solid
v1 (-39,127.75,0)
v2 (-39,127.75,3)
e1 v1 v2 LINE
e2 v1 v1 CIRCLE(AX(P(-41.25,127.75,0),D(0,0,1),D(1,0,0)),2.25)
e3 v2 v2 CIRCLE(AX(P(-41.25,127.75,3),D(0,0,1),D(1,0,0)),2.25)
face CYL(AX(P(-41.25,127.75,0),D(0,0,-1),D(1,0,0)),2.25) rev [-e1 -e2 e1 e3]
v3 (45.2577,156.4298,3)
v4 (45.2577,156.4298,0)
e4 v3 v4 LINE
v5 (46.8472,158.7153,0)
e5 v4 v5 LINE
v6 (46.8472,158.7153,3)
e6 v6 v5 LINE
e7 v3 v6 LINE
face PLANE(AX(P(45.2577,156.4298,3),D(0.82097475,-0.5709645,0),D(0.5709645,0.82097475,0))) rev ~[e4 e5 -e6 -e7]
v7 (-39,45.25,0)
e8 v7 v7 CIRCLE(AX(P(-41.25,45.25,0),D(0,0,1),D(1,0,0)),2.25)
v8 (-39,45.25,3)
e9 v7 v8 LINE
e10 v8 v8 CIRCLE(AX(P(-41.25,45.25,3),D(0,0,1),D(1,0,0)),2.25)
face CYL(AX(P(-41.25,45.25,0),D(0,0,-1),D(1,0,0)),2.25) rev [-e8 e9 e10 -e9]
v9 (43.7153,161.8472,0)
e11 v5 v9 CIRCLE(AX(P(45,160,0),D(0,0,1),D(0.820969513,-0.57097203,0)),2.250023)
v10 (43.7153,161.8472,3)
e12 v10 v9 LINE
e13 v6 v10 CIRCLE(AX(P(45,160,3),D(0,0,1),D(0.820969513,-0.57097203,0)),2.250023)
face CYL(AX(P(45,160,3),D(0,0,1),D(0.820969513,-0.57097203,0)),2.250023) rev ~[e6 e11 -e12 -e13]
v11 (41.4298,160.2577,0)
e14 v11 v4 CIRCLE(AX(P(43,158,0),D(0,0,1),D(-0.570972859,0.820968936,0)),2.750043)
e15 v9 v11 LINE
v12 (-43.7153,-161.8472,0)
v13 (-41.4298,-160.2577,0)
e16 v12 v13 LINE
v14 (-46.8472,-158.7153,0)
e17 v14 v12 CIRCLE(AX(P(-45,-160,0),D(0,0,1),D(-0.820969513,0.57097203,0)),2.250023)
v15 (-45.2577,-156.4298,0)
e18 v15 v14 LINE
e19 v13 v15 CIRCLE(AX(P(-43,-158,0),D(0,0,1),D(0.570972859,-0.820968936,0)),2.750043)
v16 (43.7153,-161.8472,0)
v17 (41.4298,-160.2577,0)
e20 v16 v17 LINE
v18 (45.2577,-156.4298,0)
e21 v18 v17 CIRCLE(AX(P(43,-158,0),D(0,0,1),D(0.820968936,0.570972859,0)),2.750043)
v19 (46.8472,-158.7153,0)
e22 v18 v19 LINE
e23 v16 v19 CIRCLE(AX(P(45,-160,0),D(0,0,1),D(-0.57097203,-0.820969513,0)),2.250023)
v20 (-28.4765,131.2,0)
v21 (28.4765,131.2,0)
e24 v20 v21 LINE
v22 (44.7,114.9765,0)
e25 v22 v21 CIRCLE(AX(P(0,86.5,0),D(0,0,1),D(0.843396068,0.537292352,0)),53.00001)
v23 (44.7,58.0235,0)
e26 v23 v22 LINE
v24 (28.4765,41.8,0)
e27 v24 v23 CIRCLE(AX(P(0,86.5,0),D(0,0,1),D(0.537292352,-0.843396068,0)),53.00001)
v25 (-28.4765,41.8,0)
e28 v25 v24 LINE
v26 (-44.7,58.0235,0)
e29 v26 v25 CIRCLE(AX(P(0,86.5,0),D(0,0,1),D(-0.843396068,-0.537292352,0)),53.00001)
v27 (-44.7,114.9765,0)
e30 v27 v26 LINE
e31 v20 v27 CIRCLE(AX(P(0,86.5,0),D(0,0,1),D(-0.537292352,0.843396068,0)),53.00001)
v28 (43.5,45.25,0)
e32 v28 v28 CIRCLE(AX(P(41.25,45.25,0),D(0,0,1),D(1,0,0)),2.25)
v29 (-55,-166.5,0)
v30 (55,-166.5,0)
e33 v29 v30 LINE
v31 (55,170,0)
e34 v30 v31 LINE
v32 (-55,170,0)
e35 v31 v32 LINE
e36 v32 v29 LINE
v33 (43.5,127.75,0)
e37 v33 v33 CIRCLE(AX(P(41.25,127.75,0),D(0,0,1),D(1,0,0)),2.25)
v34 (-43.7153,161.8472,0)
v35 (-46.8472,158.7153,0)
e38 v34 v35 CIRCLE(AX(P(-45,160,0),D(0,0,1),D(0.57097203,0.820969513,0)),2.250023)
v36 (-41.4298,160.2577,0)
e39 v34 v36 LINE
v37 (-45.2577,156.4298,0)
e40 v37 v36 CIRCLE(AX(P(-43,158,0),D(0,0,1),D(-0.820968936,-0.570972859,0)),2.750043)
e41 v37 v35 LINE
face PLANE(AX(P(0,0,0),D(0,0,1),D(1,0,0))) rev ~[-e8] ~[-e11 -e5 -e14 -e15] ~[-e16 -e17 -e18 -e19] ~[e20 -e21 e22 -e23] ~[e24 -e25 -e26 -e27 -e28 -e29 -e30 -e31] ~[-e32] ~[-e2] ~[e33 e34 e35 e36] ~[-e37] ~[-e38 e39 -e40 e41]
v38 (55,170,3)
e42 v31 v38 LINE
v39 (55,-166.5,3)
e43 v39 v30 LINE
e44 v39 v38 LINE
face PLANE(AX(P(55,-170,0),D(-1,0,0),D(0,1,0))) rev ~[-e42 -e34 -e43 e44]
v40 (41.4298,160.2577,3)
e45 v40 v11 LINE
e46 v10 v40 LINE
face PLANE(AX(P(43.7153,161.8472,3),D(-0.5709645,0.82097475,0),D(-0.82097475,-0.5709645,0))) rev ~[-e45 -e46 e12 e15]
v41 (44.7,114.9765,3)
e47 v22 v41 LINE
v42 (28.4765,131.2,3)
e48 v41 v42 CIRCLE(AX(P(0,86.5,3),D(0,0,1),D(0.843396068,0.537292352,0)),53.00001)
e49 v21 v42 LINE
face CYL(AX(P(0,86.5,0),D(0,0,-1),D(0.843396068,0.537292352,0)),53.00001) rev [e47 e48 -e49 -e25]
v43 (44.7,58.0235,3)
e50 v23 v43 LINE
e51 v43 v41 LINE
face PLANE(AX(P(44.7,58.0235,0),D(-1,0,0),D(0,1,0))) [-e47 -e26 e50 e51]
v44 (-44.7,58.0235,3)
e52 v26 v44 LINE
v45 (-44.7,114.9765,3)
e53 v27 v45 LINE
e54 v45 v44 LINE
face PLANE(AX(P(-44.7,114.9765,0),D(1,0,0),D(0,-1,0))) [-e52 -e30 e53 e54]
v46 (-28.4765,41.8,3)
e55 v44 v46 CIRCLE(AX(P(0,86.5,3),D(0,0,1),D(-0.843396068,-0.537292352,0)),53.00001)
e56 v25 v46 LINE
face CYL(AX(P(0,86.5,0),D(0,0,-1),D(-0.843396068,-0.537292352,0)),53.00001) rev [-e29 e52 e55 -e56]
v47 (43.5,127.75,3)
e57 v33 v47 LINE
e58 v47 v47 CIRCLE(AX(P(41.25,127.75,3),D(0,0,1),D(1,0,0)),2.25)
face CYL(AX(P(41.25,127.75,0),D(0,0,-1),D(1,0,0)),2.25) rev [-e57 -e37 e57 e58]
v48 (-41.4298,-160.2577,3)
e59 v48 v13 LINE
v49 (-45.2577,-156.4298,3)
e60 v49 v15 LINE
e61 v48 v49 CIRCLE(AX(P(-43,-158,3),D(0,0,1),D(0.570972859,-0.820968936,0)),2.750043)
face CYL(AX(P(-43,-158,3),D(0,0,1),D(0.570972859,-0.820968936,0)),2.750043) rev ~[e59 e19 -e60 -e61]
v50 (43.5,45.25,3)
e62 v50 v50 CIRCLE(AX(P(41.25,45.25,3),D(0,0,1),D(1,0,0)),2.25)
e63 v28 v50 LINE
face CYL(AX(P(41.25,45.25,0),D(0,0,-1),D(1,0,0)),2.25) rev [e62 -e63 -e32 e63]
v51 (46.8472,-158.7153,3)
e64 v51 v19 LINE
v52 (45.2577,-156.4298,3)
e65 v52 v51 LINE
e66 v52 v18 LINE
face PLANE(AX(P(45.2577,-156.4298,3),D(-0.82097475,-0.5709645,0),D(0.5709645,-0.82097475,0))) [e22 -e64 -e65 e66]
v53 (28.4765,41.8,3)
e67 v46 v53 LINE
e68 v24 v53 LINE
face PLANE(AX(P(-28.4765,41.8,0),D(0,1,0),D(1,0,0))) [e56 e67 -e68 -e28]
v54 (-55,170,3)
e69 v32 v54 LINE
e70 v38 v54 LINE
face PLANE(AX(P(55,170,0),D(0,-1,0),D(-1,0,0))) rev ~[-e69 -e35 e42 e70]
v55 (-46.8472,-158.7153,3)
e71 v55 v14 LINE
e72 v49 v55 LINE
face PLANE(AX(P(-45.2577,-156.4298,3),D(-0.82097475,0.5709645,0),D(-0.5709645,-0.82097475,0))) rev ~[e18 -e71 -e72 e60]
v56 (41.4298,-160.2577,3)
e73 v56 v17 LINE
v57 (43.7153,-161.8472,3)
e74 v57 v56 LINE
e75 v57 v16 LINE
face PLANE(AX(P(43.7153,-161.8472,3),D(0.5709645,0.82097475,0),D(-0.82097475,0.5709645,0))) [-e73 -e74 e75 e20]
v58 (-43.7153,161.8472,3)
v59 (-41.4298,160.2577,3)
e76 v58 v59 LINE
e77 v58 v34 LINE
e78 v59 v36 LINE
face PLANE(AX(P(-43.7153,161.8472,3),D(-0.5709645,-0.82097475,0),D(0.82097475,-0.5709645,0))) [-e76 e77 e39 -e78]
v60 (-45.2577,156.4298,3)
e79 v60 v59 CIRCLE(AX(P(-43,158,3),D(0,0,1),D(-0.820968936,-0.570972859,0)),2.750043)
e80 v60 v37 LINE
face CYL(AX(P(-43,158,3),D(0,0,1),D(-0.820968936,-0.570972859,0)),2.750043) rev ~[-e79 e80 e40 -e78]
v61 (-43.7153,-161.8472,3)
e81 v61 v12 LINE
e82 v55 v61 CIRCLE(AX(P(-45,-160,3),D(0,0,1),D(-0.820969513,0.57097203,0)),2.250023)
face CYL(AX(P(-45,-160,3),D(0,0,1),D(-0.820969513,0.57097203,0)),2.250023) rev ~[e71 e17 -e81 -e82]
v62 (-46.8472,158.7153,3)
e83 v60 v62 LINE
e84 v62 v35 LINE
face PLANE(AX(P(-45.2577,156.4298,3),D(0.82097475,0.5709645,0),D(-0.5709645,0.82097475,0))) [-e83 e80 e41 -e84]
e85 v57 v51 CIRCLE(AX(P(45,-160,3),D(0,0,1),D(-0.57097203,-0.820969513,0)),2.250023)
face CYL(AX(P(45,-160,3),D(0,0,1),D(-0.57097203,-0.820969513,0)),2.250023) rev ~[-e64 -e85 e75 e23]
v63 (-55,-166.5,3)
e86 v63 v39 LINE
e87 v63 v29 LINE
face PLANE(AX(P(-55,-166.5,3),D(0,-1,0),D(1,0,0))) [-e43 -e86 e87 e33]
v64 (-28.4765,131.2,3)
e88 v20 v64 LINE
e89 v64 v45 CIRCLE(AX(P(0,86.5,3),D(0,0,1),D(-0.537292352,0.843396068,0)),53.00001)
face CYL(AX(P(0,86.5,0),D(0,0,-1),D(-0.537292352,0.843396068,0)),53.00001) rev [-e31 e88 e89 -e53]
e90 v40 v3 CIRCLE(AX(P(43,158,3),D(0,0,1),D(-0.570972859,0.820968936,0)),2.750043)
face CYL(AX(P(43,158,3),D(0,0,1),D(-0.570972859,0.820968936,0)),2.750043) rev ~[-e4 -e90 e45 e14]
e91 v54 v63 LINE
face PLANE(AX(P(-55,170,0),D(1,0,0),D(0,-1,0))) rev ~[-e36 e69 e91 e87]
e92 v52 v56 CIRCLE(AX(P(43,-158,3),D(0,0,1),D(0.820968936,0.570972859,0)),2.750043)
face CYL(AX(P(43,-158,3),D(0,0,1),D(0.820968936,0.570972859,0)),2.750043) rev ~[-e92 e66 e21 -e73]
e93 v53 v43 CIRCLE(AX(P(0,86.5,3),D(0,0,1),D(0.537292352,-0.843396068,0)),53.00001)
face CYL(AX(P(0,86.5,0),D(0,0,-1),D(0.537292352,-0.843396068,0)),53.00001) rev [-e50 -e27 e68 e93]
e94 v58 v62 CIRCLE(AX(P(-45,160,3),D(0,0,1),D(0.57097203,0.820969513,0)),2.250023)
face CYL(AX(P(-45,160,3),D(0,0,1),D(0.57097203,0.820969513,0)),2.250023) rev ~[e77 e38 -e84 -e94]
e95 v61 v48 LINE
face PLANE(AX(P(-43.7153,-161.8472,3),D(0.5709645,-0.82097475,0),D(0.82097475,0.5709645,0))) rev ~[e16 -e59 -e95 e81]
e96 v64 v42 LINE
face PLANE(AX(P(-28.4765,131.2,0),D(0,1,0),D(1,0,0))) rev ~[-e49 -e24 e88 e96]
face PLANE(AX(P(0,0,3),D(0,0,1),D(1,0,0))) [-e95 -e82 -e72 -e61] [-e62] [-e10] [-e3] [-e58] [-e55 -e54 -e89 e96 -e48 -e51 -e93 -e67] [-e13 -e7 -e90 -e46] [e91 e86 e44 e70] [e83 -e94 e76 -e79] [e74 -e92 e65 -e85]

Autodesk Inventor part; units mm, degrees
ref_plane "YZ Plane" through (0, 0, 0) normal (1, 0, 0) x (0, 1, 0)
ref_plane "XZ Plane" through (0, 0, 0) normal (0, 1, 0) x (-1, 0, 0)
ref_plane "XY Plane" through (0, 0, 0) normal (0, 0, 1) x (1, 0, 0)
sketch "スケッチ1" plane through (0, 0, 0) normal (0, 0, 1) x (1, 0, 0)
  line L0 (-55, -170) -> (55, -170)
  line L1 (55, -170) -> (55, 170)
  line L2 (55, 170) -> (-55, 170)
  line L3 (-55, 170) -> (-55, -170)
  line L4 (-55, -170) -> (55, 170) construction
  line L5 (55, -170) -> (-55, 170) construction
  line L6 (-55, 140) -> (-50, 140) construction
  line L7 (-50, 140) -> (-25, 165) construction
  line L8 (-25, 165) -> (-25, 170) construction
  line L9 (-46, 40.5) -> (46, 40.5) construction
  line L10 (46, 40.5) -> (46, 132.5) construction
  line L11 (46, 132.5) -> (-46, 132.5) construction
  line L12 (-46, 132.5) -> (-46, 40.5) construction
  line L13 (-46, 40.5) -> (46, 132.5) construction
  line L14 (46, 40.5) -> (-46, 132.5) construction
  line L15 (-46, 1.5) -> (46, 1.5) construction
  line L16 (46, 1.5) -> (46, 37.5) construction
  line L17 (46, 37.5) -> (-46, 37.5) construction
  line L18 (-46, 37.5) -> (-46, 1.5) construction
  line L19 (-46, 1.5) -> (46, 37.5) construction
  line L20 (46, 1.5) -> (-46, 37.5) construction
  line L21 (0, 0) -> (0, 86.5) construction
  circle A0 centre (0, 86.5) radius 53 construction
  line L22 (-44.7, 41.8) -> (44.7, 41.8) construction
  line L23 (44.7, 41.8) -> (44.7, 131.2) construction
  line L24 (44.7, 131.2) -> (-44.7, 131.2) construction
  line L25 (-44.7, 131.2) -> (-44.7, 41.8) construction
  line L26 (-44.7, 41.8) -> (44.7, 131.2) construction
  line L27 (44.7, 41.8) -> (-44.7, 131.2) construction
  arc A1 (-28.4765, 131.2) -> (-44.7, 114.9765) centre (0, 86.5) ccw
  arc A2 (-44.7, 58.0235) -> (-28.4765, 41.8) centre (0, 86.5) ccw
  arc A3 (28.4765, 41.8) -> (44.7, 58.0235) centre (0, 86.5) ccw
  arc A4 (44.7, 114.9765) -> (28.4765, 131.2) centre (0, 86.5) ccw
  line L28 (-28.4765, 131.2) -> (28.4765, 131.2)
  line L29 (-44.7, 114.9765) -> (-44.7, 58.0235)
  line L30 (-28.4765, 41.8) -> (28.4765, 41.8)
  line L31 (44.7, 58.0235) -> (44.7, 114.9765)
  line L32 (-41.25, 45.25) -> (41.25, 45.25) construction
  line L33 (41.25, 45.25) -> (41.25, 127.75) construction
  line L34 (41.25, 127.75) -> (-41.25, 127.75) construction
  line L35 (-41.25, 127.75) -> (-41.25, 45.25) construction
  line L36 (-41.25, 45.25) -> (41.25, 127.75) construction
  line L37 (41.25, 45.25) -> (-41.25, 127.75) construction
  circle A5 centre (-41.25, 127.75) radius 2.25
  circle A6 centre (-41.25, 45.25) radius 2.25
  circle A7 centre (41.25, 45.25) radius 2.25
  circle A8 centre (41.25, 127.75) radius 2.25
  circle A9 centre (-45, 160) radius 2.25
  circle A10 centre (45, 160) radius 2.25
  circle A11 centre (45, -160) radius 2.25
  circle A12 centre (-45, -160) radius 2.25
  circle A13 centre (-45, 0) radius 2.25 construction
  circle A14 centre (45, 0) radius 2.25 construction
  line L38 (-55, 0) -> (55, 0) construction
  circle A15 centre (-41.25, -49.75) radius 2.25
  arc A16 (-44.7, -36.9765) -> (-28.4765, -53.2) centre (0, -8.5) ccw
  line L39 (-28.4765, -53.2) -> (28.4765, -53.2)
  arc A17 (28.4765, -53.2) -> (44.7, -36.9765) centre (0, -8.5) ccw
  circle A18 centre (41.25, -49.75) radius 2.25
  line L40 (44.7, -36.9765) -> (44.7, 19.9765)
  circle A19 centre (41.25, 32.75) radius 2.25
  arc A20 (44.7, 19.9765) -> (28.4765, 36.2) centre (0, -8.5) ccw
  line L41 (-28.4765, 36.2) -> (28.4765, 36.2)
  circle A21 centre (-41.25, 32.75) radius 2.25
  arc A22 (-28.4765, 36.2) -> (-44.7, 19.9765) centre (0, -8.5) ccw
  line L42 (-44.7, 19.9765) -> (-44.7, -36.9765)
  circle A23 centre (-41.25, -144.75) radius 2.25
  arc A24 (-44.7, -131.9765) -> (-28.4765, -148.2) centre (0, -103.5) ccw
  line L43 (-28.4765, -148.2) -> (28.4765, -148.2)
  arc A25 (28.4765, -148.2) -> (44.7, -131.9765) centre (0, -103.5) ccw
  circle A26 centre (41.25, -144.75) radius 2.25
  line L44 (44.7, -131.9765) -> (44.7, -75.0235)
  circle A27 centre (41.25, -62.25) radius 2.25
  arc A28 (44.7, -75.0235) -> (28.4765, -58.8) centre (0, -103.5) ccw
  line L45 (-28.4765, -58.8) -> (28.4765, -58.8)
  circle A29 centre (-41.25, -62.25) radius 2.25
  arc A30 (-28.4765, -58.8) -> (-44.7, -75.0235) centre (0, -103.5) ccw
  line L46 (-44.7, -75.0235) -> (-44.7, -131.9765)
  point P0 (0, 19.5)
  point P1 (0, 19.5)
  dimension "d12" = 106
  dimension "d0" = 110
  dimension "d1" = 340
  dimension "d2" = 135
  dimension "d3" = 30
  dimension "d4" = 30
  dimension "d5" = 5
  dimension "d6" = 92
  dimension "d7" = 92
  dimension "d8" = 92
  dimension "d9" = 36
  dimension "d10" = 3
  dimension "d11" = 1.5
  dimension "d13" = 89.4
  dimension "d14" = 89.4
  dimension "d15" = 82.5
  dimension "d16" = 82.5
  dimension "d17" = 4.5
  dimension "d25" = 4.5
  dimension "d26" = 10
  dimension "d27" = 10
  dimension "d28" = 10
  dimension "d29" = 10
  dimension "d30" = 10
  dimension "d31" = 10
  dimension "d32" = 10
  dimension "d33" = 10
  dimension "d34" = 10
  dimension "d35" = 10
  dimension "d45" = 95
extrude "押し出し1" add sketch "スケッチ1" along normal blind 3 contours L3 L2 L1 L0 | A15 | L42 A22 L41 A20 L40 A17 L39 A16 | A18 | A19 | A21 | A23 | L46 A30 L45 A28 L44 A25 L43 A24 | A26 | A27 | A29
sketch "スケッチ2" plane through (0, 0, 3) normal (0, 0, 1) x (1, 0, 0)
  circle A0 centre (-45, 160) radius 2.25 construction
  circle A1 centre (45, -160) radius 2.25 construction
  circle A2 centre (-45, -160) radius 2.25 construction
  circle A3 centre (-43, 158) radius 2.75 construction
  line L0 (55, 170) -> (-55, 170) projected
  line L1 (-55, 170) -> (-55, -170) projected
  line L2 (-43.7153, 161.8472) -> (-41.4298, 160.2577)
  line L3 (-45.2577, 156.4298) -> (-46.8472, 158.7153)
  circle A4 centre (-45, 160) radius 2.25 construction
  arc A5 (-43.7153, 161.8472) -> (-46.8472, 158.7153) centre (-45, 160) ccw
  arc A6 (-45.2577, 156.4298) -> (-41.4298, 160.2577) centre (-43, 158) ccw
  line L4 (55, 170) -> (-55, 170) construction
  line L5 (0, 170) -> (0, -170) construction
  line L6 (-55, -170) -> (55, -170) construction
  line L7 (-55, 0) -> (55, 0) construction
  line L8 (55, -170) -> (55, 170) construction
  circle A7 centre (45, 160) radius 2.25 construction
  circle A8 centre (43, 158) radius 2.75 construction
  line L9 (43.7153, 161.8472) -> (41.4298, 160.2577)
  line L10 (45.2577, 156.4298) -> (46.8472, 158.7153)
  circle A9 centre (45, 160) radius 2.25 construction
  arc A10 (46.8472, 158.7153) -> (43.7153, 161.8472) centre (45, 160) ccw
  arc A11 (41.4298, 160.2577) -> (45.2577, 156.4298) centre (43, 158) ccw
  circle A12 centre (-45, -160) radius 2.25 construction
  circle A13 centre (-43, -158) radius 2.75 construction
  line L11 (-43.7153, -161.8472) -> (-41.4298, -160.2577)
  line L12 (-45.2577, -156.4298) -> (-46.8472, -158.7153)
  circle A14 centre (-45, -160) radius 2.25 construction
  arc A15 (-46.8472, -158.7153) -> (-43.7153, -161.8472) centre (-45, -160) ccw
  arc A16 (-41.4298, -160.2577) -> (-45.2577, -156.4298) centre (-43, -158) ccw
  circle A17 centre (45, -160) radius 2.25 construction
  line L13 (45.2577, -156.4298) -> (46.8472, -158.7153)
  arc A18 (45.2577, -156.4298) -> (41.4298, -160.2577) centre (43, -158) ccw
  circle A19 centre (43, -158) radius 2.75 construction
  line L14 (43.7153, -161.8472) -> (41.4298, -160.2577)
  circle A20 centre (45, -160) radius 2.25 construction
  arc A21 (43.7153, -161.8472) -> (46.8472, -158.7153) centre (45, -160) ccw
  point P0 (0, 0)
  dimension "d38" = 5.5
  dimension "d39" = 12
  dimension "d40" = 12
extrude "押し出し2" cut sketch "スケッチ2" against normal through all
sketch "スケッチ3" plane through (0, 0, 3) normal (0, 0, 1) x (1, 0, 0)
  line L0 (-55, -170) -> (55, -170) construction
  line L1 (-55, -166.5) -> (55, -166.5)
  line L2 (55, -166.5) -> (55, -170)
  line L3 (55, -170) -> (-55, -170)
  line L4 (-55, -170) -> (-55, -166.5)
  line L5 (-55, -166.5) -> (55, -170) construction
  line L6 (55, -166.5) -> (-55, -170) construction
  line L7 (0, -168.25) -> (0, -170) construction
  point P0 (0, 0)
  dimension "d50" = 3.5
  dimension "d51" = 110
extrude "押し出し3" cut sketch "スケッチ3" against normal through all
equation "\"d4\" = d3"
equation "\"d11\" = 0.5 * d10"
equation "\"d27\" = d26"
equation "\"d28\" = d26"
equation "\"d29\" = d26"
equation "\"d30\" = d26"
equation "\"d31\" = d26"
equation "\"d32\" = d26"
equation "\"d33\" = d26"
equation "\"d34\" = d26"
equation "\"d35\" = d26"
equation "\"d45\" = d7 + d10"
properties part number "bottom_panel" material "アルミニウム 6061"
